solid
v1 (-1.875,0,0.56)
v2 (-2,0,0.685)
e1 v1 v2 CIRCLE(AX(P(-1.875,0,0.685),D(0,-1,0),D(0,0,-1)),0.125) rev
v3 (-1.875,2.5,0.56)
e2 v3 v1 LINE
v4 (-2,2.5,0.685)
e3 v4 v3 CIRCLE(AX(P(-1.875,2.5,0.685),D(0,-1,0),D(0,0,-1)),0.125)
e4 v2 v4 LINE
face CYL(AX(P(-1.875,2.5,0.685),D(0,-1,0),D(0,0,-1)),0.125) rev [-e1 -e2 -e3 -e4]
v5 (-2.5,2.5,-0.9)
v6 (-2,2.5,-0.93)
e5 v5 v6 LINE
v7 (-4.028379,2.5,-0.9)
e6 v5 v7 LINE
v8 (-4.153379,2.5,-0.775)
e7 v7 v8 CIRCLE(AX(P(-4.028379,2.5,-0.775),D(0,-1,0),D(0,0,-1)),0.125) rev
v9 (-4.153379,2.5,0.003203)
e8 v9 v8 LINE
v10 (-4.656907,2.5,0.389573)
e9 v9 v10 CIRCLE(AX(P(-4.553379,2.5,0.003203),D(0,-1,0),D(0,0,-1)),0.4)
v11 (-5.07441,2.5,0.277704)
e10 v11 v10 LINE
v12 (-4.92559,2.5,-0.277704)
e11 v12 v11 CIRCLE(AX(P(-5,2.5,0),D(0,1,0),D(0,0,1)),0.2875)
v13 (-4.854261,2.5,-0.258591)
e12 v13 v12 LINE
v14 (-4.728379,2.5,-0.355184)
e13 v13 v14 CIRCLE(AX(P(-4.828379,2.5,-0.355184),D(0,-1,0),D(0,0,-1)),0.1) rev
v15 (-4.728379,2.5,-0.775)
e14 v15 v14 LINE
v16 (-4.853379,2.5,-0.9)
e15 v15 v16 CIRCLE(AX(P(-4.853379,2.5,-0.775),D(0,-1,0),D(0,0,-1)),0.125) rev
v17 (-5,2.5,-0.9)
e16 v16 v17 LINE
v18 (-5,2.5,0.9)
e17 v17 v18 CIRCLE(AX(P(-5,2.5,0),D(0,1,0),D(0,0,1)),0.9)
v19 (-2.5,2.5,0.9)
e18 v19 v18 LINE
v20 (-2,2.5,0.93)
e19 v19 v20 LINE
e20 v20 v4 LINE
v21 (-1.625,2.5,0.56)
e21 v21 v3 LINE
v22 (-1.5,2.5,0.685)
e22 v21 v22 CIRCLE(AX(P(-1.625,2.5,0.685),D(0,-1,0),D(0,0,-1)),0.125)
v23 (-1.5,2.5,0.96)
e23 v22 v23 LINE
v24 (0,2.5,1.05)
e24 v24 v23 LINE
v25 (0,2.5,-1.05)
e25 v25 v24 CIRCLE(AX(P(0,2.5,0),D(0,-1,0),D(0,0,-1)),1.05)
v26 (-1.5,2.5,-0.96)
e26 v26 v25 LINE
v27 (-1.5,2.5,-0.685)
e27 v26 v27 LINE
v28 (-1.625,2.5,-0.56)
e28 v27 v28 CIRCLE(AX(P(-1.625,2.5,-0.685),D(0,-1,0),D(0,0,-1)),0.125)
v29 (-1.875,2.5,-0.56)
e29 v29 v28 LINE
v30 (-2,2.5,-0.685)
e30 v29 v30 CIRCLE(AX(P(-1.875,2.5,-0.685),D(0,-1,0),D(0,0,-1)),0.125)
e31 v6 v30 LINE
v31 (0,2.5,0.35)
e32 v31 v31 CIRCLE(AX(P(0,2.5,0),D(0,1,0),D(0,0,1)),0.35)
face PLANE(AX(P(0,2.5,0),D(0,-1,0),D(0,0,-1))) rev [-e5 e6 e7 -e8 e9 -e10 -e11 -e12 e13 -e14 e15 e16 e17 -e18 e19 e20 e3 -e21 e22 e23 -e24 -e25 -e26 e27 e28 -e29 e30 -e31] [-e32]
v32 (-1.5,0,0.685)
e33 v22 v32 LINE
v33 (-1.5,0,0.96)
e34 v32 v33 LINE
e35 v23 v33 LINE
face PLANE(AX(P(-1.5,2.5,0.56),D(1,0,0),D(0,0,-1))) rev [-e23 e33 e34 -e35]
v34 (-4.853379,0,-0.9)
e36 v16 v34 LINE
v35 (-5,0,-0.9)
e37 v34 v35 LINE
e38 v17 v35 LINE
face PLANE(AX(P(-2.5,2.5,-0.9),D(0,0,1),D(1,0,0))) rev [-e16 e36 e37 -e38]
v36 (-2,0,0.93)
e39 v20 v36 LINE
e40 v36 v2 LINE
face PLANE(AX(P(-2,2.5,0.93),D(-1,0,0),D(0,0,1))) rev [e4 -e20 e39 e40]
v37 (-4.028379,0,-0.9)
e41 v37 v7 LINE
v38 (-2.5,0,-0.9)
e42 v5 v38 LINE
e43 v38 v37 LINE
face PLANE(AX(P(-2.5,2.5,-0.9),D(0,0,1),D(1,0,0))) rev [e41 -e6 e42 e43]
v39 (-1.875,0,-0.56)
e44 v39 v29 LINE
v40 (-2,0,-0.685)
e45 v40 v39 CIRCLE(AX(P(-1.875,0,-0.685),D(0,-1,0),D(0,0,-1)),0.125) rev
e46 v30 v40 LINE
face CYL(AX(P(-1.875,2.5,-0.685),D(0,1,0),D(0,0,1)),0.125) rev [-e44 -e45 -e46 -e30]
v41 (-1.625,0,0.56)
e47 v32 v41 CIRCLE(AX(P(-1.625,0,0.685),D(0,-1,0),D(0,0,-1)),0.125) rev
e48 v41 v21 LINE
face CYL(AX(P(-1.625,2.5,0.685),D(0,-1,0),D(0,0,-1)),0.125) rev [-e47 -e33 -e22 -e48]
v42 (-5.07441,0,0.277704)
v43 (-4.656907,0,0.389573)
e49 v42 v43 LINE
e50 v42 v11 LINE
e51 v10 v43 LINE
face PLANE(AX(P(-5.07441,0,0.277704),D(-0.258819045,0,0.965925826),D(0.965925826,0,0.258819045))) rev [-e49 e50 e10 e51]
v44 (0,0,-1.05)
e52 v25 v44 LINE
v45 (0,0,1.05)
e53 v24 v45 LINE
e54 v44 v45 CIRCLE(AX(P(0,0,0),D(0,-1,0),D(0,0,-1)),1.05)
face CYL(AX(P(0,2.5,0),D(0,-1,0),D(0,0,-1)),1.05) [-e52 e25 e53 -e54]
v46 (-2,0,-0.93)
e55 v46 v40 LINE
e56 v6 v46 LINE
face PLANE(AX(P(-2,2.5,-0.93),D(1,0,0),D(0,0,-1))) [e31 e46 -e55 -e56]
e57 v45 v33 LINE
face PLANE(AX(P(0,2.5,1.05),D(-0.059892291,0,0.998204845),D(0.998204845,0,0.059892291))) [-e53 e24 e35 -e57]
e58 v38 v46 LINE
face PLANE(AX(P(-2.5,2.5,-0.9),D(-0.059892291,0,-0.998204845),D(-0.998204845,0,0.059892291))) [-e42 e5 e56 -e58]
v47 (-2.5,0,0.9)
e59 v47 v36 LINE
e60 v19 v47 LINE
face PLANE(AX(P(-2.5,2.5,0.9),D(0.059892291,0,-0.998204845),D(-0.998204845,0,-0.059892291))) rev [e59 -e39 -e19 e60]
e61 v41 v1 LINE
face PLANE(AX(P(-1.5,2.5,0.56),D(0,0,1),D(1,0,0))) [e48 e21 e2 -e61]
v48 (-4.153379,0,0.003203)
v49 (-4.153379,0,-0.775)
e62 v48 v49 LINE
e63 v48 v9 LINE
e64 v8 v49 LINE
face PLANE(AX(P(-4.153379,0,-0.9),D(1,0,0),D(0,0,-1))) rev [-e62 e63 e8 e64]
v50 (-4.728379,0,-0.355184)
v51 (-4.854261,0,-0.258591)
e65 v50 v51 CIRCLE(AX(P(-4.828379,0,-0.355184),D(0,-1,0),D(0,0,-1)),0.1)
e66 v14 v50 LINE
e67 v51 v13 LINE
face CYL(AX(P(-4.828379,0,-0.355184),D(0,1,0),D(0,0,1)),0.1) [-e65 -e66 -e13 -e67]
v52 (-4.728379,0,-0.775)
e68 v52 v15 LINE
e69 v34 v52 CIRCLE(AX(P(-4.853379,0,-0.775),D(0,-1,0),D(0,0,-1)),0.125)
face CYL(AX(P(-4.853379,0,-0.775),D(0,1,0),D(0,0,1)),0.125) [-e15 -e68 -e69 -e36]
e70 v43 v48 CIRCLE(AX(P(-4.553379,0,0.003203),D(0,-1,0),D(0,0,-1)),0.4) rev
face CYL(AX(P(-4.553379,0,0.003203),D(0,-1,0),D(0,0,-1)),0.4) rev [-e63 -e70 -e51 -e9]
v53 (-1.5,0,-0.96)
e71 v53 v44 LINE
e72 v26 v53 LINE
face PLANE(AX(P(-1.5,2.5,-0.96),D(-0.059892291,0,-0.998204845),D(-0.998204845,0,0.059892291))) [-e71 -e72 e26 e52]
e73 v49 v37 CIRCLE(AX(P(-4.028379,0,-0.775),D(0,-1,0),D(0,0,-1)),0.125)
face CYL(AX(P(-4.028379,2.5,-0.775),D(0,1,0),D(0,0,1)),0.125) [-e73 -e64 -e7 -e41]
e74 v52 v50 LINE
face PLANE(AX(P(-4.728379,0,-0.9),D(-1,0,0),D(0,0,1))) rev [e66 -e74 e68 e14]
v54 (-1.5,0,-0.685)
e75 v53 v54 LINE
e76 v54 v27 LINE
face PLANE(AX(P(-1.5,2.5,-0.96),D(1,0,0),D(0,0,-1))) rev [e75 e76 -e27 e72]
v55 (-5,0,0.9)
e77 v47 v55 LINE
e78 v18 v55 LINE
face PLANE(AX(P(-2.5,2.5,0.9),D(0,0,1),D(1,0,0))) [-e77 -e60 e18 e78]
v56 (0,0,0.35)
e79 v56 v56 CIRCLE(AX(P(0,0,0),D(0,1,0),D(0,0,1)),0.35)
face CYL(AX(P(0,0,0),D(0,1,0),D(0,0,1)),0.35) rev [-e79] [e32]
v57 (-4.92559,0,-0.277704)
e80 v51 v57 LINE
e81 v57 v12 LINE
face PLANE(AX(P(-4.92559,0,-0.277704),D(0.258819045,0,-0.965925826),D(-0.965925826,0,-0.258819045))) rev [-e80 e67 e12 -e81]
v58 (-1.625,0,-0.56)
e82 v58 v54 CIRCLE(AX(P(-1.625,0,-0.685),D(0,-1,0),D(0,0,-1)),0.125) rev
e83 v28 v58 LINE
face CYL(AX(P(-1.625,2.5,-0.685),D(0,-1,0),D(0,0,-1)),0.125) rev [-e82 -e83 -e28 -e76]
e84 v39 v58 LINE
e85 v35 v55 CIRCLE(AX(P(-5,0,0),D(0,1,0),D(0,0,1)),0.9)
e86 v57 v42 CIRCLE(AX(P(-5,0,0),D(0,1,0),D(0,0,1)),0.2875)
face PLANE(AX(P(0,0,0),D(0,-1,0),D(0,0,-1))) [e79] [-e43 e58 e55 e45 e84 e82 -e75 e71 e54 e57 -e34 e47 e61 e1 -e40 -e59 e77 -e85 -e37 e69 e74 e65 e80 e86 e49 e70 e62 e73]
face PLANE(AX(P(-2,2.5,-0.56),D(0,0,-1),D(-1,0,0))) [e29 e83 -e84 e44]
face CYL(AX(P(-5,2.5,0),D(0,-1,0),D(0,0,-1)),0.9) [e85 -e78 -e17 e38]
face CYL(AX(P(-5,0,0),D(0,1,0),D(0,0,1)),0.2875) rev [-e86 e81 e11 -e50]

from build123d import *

# Parameters (mm, degrees)
BOSS_EXTRUDE1_DEPTH = 2.5
SKETCH4_R           = 0.35
THROUGH_HOLES_DEPTH = 7.493265742
FILLET1_R           = 0.125
FILLET2_R           = 0.4
FILLET3_R           = 0.1


with BuildPart() as part:
    # Sketch3 → Boss-Extrude1 (new body)
    with BuildSketch(Plane(origin=(0, 0, 0), x_dir=(1, 0, 0), z_dir=(0, 1, 0))):
        with BuildLine():
            Line((-2.5, 0.9), (-2, 0.93))
            Line((-2, 0.93), (-2, 0.56))
            Line((-2, 0.56), (-1.5, 0.56))
            Line((-1.5, 0.56), (-1.5, 0.96))
            Line((-1.5, 0.96), (0, 1.05))
            ThreePointArc((0, 1.05), (1.05, 0), (0, -1.05))
            Line((0, -1.05), (-1.5, -0.96))
            Line((-1.5, -0.96), (-1.5, -0.56))
            Line((-1.5, -0.56), (-2, -0.56))
            Line((-2, -0.56), (-2, -0.93))
            Line((-2, -0.93), (-2.5, -0.9))
            Line((-2.5, -0.9), (-5, -0.9))
            ThreePointArc((-5, -0.9), (-5.9, 0), (-5, 0.9))
            Line((-5, 0.9), (-2.5, 0.9))
        make_face()
    extrude(amount=BOSS_EXTRUDE1_DEPTH)

    # Sketch4 → Through Holes (cut, through all)
    with BuildSketch(Plane(origin=(0, 2.5, 0), x_dir=(1, 0, 0), z_dir=(0, 1, 0))):
        with Locations(Location((0, 0, 0), (0, 0, 270))):
            Circle(SKETCH4_R)
        with BuildLine():
            Line((-4.925589525, 0.277703675), (-4.728379147, 0.224861314))
            Line((-4.728379147, 0.224861314), (-4.728379147, 0.9))
            Line((-4.728379147, 0.9), (-4.153379147, 0.9))
            Line((-4.153379147, 0.9), (-4.153379147, -0.524493276))
            Line((-4.153379147, -0.524493276), (-5.074410475, -0.277703675))
            ThreePointArc((-5.074410475, -0.277703675), (-5.277703675, 0.074410475), (-4.925589525, 0.277703675))
        make_face()
    extrude(amount=-THROUGH_HOLES_DEPTH, mode=Mode.SUBTRACT)

    # Fillet1
    fillet1_edges = [part.edges().sort_by_distance(p)[0] for p in [
        (-2, 1.25, 0.56),
        (-1.5, 1.25, 0.56),
        (-1.5, 1.25, -0.56),
        (-2, 1.25, -0.56),
        (-4.728379147, 1.25, -0.9),
        (-4.153379147, 1.25, -0.9),
    ]]
    fillet(fillet1_edges, radius=FILLET1_R)

    # Fillet2
    fillet2_edges = [part.edges().sort_by_distance(p)[0] for p in [
        (-4.153379147, 1.25, 0.524493276),
    ]]
    fillet(fillet2_edges, radius=FILLET2_R)

    # Fillet3
    fillet3_edges = [part.edges().sort_by_distance(p)[0] for p in [
        (-4.728379147, 1.25, -0.224861314),
    ]]
    fillet(fillet3_edges, radius=FILLET3_R)


solid = part.part
